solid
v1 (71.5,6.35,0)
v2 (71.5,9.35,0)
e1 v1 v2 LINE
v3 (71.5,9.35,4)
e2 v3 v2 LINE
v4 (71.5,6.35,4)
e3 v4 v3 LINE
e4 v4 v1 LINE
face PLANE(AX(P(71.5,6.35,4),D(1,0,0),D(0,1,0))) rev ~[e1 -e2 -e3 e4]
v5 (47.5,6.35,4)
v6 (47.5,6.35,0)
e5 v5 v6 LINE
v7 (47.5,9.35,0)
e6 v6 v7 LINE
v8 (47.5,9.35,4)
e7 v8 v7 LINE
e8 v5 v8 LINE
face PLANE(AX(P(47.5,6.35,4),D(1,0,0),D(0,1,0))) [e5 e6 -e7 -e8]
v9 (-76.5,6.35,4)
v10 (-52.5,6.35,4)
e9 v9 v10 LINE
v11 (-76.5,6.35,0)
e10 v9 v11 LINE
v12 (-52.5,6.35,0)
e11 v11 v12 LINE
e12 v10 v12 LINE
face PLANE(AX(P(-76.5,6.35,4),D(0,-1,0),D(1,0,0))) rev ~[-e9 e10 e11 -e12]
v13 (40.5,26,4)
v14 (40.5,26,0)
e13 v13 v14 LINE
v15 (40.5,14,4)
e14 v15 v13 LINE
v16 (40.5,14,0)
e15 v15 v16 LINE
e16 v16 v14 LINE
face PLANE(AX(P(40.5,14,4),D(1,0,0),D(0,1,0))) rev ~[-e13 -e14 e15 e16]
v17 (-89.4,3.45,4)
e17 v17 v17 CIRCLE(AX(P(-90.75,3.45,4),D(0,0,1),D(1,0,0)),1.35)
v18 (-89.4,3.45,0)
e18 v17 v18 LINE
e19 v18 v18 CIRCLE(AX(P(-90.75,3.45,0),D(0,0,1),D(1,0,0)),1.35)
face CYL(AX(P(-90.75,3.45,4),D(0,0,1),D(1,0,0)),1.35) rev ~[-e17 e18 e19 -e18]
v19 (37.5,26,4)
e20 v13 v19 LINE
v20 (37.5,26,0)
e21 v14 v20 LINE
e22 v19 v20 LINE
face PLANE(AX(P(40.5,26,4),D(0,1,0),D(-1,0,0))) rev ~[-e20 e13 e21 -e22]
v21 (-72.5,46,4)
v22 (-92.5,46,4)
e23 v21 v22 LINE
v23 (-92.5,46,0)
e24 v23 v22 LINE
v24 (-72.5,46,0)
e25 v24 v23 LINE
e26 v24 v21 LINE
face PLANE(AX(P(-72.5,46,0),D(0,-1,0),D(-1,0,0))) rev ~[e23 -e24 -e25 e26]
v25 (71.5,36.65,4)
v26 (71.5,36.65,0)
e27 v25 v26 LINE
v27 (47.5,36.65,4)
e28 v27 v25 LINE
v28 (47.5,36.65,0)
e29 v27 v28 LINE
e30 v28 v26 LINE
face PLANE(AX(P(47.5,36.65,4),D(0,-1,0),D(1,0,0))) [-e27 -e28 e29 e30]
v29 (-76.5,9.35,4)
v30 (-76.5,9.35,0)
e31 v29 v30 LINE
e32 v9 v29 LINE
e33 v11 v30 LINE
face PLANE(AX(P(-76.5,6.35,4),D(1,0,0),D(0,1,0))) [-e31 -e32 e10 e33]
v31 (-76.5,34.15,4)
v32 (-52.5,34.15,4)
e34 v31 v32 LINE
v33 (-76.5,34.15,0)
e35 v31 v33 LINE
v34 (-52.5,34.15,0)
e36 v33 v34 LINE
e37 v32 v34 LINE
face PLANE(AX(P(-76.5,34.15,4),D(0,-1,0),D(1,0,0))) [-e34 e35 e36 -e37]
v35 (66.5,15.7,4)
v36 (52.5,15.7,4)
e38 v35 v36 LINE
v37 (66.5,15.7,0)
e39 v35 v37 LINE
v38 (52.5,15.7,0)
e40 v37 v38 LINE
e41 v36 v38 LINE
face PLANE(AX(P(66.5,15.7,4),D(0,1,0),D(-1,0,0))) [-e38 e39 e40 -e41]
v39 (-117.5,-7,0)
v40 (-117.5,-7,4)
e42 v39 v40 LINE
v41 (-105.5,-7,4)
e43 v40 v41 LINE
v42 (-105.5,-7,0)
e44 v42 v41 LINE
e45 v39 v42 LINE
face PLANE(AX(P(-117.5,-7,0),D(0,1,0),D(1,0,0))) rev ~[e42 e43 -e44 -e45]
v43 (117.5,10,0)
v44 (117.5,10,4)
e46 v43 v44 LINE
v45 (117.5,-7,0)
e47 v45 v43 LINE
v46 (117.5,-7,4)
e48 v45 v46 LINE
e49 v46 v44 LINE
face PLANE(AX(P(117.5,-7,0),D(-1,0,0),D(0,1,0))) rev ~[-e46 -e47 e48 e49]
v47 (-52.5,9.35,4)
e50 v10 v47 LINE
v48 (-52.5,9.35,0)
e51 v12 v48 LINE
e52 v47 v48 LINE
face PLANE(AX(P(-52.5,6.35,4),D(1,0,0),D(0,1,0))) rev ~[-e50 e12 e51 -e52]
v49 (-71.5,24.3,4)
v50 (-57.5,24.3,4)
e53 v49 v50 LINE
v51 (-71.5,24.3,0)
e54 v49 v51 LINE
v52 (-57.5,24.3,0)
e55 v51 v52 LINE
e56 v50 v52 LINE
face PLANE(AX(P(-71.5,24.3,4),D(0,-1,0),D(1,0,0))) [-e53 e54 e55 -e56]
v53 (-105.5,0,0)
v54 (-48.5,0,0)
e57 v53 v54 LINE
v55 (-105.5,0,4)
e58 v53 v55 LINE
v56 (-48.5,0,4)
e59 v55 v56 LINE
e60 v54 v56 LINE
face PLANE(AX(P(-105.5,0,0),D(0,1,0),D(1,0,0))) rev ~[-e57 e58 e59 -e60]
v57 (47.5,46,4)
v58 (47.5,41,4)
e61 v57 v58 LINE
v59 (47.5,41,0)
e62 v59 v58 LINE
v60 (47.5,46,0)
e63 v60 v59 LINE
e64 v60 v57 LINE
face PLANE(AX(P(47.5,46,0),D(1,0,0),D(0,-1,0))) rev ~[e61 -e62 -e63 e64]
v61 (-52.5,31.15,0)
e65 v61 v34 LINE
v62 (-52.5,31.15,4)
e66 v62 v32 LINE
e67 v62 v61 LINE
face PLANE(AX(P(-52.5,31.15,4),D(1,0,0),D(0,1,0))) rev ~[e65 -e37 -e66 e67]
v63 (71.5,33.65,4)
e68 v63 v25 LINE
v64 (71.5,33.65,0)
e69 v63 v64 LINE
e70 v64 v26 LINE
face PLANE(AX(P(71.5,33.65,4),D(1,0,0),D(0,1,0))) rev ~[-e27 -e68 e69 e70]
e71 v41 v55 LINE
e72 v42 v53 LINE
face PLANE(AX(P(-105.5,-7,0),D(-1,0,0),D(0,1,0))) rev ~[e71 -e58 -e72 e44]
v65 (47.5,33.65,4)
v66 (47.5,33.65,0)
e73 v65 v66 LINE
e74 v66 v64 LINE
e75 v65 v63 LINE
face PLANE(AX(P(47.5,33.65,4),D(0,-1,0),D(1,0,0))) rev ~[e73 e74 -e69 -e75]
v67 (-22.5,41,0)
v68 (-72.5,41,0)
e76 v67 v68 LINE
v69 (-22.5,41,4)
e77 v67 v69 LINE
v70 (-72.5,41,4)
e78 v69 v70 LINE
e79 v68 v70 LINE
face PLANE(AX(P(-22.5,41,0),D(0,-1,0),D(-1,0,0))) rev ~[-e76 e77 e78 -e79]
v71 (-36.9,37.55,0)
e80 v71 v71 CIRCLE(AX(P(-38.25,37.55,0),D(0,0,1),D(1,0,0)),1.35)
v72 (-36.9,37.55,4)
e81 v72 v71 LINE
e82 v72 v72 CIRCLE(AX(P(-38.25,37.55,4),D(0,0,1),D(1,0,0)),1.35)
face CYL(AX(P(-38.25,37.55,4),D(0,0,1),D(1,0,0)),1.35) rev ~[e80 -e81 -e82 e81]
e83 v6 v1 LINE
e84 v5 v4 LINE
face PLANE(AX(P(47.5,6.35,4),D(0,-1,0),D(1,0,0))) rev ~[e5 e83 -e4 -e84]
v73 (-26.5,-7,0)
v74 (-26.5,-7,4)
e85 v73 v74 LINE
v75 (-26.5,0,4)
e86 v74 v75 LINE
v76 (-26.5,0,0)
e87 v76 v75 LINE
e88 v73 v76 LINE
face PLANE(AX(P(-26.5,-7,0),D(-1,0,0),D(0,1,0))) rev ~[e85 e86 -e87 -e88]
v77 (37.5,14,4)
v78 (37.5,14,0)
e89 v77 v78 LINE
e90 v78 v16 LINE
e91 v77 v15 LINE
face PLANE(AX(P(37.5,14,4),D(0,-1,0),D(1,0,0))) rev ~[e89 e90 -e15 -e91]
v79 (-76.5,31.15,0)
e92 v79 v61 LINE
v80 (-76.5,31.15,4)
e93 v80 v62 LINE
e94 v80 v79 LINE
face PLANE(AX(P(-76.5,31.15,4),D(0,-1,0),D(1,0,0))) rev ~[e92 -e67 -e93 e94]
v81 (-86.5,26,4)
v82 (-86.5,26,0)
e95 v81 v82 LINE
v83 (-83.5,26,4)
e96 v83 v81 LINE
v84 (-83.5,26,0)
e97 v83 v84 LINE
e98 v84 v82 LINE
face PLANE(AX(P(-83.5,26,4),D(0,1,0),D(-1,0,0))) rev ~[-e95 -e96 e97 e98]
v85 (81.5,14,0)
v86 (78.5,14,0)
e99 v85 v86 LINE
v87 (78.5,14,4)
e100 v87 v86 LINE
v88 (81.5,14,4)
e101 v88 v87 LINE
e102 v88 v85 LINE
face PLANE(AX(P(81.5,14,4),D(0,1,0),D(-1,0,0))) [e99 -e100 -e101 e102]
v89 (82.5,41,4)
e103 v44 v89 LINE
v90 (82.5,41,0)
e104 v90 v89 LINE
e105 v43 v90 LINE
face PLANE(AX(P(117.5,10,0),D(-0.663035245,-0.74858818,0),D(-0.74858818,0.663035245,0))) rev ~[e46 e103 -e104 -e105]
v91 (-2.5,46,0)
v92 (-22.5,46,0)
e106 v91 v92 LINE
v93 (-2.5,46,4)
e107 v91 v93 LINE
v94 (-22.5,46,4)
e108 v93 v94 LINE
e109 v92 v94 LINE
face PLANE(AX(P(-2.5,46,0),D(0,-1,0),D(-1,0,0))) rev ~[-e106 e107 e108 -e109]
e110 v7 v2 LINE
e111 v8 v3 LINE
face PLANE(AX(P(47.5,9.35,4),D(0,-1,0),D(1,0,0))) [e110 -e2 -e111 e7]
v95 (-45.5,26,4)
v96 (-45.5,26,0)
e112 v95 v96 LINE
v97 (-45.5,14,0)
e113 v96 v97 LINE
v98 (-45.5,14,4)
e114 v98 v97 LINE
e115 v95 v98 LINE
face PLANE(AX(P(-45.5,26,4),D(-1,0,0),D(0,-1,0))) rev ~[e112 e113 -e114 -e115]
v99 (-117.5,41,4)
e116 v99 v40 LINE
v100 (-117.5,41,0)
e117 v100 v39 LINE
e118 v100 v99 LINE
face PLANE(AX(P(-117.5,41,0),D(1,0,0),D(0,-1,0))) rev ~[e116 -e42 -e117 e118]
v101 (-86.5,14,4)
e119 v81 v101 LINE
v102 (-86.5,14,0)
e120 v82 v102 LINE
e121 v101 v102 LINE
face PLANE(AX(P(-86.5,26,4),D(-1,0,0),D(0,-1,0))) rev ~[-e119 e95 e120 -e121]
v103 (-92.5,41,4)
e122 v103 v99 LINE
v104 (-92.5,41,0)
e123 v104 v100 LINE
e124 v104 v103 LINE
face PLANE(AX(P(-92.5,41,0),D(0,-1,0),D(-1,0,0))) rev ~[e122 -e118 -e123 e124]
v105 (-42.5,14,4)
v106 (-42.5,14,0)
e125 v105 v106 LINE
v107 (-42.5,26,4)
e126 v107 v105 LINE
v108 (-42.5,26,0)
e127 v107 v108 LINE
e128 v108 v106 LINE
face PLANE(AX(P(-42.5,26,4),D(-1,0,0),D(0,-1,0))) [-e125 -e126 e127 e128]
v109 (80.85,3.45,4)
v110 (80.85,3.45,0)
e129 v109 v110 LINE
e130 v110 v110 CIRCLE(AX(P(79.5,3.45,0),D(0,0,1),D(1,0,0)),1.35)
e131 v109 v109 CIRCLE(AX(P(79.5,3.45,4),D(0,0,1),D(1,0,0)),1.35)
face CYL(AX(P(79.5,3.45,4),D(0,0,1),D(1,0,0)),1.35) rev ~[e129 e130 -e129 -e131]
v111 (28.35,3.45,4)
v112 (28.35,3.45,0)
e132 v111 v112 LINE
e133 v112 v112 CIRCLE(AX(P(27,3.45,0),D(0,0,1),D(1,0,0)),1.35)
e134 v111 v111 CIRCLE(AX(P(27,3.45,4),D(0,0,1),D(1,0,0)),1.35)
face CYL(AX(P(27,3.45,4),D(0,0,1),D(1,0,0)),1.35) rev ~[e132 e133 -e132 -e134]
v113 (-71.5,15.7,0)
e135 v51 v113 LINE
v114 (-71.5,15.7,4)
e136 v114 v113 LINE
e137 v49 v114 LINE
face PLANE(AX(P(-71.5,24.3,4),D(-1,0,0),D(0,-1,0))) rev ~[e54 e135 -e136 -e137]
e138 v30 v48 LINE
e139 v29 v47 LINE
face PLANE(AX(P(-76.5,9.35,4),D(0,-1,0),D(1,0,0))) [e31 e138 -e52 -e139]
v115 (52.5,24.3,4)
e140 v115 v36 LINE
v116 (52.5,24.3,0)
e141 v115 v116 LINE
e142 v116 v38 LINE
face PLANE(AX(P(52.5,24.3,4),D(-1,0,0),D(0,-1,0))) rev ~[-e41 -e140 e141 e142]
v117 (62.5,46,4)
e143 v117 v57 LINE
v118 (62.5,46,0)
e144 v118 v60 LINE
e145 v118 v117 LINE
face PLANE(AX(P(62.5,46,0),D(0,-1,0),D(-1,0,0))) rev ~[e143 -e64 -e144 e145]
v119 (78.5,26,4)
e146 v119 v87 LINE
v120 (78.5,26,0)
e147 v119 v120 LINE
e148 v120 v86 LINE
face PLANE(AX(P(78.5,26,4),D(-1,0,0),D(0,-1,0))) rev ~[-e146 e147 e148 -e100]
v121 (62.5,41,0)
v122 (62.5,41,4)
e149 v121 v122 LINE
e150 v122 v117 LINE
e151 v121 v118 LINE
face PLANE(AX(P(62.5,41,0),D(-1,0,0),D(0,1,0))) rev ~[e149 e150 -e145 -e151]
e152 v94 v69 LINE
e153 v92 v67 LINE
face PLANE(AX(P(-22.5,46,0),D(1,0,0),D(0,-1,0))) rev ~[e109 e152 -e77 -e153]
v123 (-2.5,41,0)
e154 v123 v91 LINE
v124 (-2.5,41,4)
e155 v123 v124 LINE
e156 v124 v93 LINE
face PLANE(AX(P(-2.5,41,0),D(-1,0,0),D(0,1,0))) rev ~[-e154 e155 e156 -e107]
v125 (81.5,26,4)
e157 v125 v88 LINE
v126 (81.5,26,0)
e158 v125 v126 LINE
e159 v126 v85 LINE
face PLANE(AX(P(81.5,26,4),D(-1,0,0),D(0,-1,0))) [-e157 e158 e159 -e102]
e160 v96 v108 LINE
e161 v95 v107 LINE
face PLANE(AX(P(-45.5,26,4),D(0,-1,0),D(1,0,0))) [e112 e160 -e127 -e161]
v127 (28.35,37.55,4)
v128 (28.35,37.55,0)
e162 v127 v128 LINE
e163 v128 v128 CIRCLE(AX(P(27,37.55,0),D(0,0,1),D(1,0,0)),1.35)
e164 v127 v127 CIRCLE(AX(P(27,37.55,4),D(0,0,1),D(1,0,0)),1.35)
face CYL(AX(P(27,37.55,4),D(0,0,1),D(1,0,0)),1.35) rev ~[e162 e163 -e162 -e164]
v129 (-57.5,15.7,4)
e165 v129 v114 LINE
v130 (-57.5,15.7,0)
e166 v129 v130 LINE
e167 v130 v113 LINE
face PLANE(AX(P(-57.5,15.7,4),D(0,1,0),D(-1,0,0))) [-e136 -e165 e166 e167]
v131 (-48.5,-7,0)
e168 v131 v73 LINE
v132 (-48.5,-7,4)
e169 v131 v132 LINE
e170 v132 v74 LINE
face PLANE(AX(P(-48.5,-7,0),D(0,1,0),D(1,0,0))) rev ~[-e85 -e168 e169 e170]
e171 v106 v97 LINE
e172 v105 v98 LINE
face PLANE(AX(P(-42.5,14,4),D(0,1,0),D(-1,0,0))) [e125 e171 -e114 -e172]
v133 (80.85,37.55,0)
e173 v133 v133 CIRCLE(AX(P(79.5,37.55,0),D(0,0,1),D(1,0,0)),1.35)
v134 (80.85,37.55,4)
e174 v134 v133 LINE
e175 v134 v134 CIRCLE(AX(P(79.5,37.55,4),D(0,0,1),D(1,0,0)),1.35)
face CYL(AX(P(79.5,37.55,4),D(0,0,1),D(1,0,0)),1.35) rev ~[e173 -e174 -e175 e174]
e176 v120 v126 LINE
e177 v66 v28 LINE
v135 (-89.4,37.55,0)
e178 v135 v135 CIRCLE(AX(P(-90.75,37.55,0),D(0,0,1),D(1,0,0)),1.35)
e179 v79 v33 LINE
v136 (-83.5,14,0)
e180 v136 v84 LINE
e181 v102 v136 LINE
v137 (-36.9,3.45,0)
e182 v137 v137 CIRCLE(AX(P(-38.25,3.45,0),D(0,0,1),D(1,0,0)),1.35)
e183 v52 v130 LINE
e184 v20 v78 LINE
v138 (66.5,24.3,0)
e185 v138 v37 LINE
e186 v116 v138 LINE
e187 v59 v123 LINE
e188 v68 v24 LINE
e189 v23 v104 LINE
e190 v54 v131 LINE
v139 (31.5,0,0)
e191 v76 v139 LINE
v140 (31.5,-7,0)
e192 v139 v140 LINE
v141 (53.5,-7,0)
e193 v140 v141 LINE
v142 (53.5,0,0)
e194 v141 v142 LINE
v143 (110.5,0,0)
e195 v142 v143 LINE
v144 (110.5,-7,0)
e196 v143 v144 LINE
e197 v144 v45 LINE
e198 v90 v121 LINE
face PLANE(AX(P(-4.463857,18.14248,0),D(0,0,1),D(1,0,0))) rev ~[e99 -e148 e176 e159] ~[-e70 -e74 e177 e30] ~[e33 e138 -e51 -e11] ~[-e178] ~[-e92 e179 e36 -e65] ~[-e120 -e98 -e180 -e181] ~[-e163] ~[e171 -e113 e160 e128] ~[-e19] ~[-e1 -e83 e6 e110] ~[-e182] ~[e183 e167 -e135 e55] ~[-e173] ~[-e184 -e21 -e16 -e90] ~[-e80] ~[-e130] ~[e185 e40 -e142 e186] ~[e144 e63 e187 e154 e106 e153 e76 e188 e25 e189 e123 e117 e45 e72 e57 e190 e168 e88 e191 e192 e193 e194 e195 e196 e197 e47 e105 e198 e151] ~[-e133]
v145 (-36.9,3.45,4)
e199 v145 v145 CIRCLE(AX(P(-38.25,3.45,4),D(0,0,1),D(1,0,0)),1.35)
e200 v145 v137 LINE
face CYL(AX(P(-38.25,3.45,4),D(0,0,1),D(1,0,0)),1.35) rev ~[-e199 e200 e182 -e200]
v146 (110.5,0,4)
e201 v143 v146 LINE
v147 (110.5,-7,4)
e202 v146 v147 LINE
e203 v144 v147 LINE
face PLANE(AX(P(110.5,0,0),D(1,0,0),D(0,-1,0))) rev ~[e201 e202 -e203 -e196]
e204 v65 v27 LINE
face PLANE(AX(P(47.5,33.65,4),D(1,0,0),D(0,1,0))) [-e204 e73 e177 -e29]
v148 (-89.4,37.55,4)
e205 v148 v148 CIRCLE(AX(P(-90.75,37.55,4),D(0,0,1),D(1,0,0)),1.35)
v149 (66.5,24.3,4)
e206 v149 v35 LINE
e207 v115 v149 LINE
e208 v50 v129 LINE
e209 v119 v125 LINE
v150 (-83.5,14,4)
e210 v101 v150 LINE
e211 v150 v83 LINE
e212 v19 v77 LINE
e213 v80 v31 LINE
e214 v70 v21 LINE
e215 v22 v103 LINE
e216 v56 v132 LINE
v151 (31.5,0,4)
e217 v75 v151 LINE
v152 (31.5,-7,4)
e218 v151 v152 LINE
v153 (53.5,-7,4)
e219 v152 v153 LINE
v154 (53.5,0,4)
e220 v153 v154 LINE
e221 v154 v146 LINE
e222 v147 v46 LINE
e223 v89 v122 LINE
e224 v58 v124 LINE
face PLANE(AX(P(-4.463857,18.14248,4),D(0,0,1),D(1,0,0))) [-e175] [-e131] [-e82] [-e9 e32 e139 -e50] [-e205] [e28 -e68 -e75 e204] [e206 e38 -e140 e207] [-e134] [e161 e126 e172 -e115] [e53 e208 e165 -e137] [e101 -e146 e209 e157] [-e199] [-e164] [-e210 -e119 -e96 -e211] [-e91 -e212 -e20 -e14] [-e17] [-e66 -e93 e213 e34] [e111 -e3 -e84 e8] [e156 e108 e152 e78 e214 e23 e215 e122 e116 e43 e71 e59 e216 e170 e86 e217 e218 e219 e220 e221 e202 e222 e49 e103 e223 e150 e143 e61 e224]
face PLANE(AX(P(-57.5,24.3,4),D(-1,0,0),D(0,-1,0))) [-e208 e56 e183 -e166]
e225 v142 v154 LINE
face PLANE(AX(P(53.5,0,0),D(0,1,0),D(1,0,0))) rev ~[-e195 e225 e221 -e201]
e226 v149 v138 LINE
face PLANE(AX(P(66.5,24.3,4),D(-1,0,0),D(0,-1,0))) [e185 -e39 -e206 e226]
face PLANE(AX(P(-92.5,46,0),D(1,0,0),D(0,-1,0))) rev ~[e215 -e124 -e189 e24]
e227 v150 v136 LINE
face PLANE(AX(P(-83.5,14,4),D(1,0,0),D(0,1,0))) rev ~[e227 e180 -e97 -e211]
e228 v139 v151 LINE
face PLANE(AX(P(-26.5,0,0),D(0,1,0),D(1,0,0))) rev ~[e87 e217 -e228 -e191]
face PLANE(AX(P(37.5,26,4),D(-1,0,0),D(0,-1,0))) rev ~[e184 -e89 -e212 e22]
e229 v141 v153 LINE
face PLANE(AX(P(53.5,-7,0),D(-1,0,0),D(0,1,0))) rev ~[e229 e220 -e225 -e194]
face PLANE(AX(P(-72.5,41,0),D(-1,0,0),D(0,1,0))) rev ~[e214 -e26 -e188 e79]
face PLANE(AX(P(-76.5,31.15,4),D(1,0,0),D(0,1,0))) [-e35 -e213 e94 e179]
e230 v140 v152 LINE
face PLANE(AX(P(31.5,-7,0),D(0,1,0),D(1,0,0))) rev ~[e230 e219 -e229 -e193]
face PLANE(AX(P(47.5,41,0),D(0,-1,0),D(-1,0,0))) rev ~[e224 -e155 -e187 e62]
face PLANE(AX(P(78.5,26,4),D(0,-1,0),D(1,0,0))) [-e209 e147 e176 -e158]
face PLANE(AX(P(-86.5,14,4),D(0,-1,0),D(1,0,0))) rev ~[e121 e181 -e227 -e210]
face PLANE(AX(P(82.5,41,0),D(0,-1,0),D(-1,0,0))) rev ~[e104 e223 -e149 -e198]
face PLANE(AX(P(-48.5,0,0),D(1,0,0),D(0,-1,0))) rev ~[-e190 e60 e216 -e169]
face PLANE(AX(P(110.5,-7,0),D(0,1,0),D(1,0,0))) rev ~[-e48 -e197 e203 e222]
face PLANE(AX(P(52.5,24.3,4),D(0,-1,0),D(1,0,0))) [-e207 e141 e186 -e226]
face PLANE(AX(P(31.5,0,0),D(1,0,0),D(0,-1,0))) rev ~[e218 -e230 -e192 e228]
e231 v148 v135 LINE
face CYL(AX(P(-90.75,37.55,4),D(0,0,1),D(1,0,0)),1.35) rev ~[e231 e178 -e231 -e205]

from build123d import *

# Parameters (mm, degrees)
BOSS_EXTRUDE2_DEPTH = 4
CUT_EXTRUDE1_DEPTH  = 4
SKETCH4_R           = 1.35
CUT_EXTRUDE2_DEPTH  = 4
SKETCH6_W           = 24
SKETCH6_H           = 3
CUT_EXTRUDE3_DEPTH  = 4


with BuildPart() as part:
    # Sketch1 → Boss-Extrude2 (new body)
    with BuildSketch(Plane.XY):
        Polygon((-105.5, 0), (-48.5, 0), (-48.5, -7), (-26.5, -7), (-26.5, 0), (31.5, 0), (31.5, -7), (53.5, -7), (53.5, 0), (110.5, 0), (110.5, -7), (117.5, -7), (117.5, 0), (117.5, 10), (82.5, 41), (62.5, 41), (62.5, 46), (47.5, 46), (47.5, 41), (-2.5, 41), (-2.5, 46), (-22.5, 46), (-22.5, 41), (-72.5, 41), (-72.5, 46), (-92.5, 46), (-92.5, 41), (-117.5, 41), (-117.5, 0), (-117.5, -7), (-105.5, -7), align=None)
    extrude(amount=BOSS_EXTRUDE2_DEPTH)

    # Sketch2 → Cut-Extrude1 (cut)
    with BuildSketch(Plane.XY.offset(4)):
        Polygon((-71.5, 20), (-71.5, 24.3), (-57.5, 24.3), (-57.5, 15.7), (-71.5, 15.7), align=None)
        Polygon((52.5, 20), (52.5, 24.3), (66.5, 24.3), (66.5, 15.7), (52.5, 15.7), align=None)
    extrude(amount=-CUT_EXTRUDE1_DEPTH, mode=Mode.SUBTRACT)

    # Sketch4 → Cut-Extrude2 (cut)
    with BuildSketch(Plane.XY.offset(4)):
        with Locations((-38.25, 37.55)):
            Circle(SKETCH4_R)
        with Locations((-90.75, 37.55)):
            Circle(SKETCH4_R)
        with Locations((-90.75, 3.45)):
            Circle(SKETCH4_R)
        with Locations((-38.25, 3.45)):
            Circle(SKETCH4_R)
        with Locations((27, 37.55)):
            Circle(SKETCH4_R)
        with Locations((79.5, 37.55)):
            Circle(SKETCH4_R)
        with Locations((79.5, 3.45)):
            Circle(SKETCH4_R)
        with Locations((27, 3.45)):
            Circle(SKETCH4_R)
    extrude(amount=-CUT_EXTRUDE2_DEPTH, mode=Mode.SUBTRACT)

    # Sketch6 → Cut-Extrude3 (cut)
    with BuildSketch(Plane.XY.offset(4)):
        with Locations((-64.5, 32.65)):
            Rectangle(SKETCH6_W, SKETCH6_H)
        with Locations((-64.5, 7.85)):
            Rectangle(SKETCH6_W, SKETCH6_H)
        with Locations((59.5, 35.15)):
            Rectangle(SKETCH6_W, SKETCH6_H)
        with Locations((59.5, 7.85)):
            Rectangle(SKETCH6_W, SKETCH6_H)
        Polygon((-83.5, 20), (-83.5, 26), (-86.5, 26), (-86.5, 14), (-83.5, 14), align=None)
        Polygon((-45.5, 20), (-45.5, 26), (-42.5, 26), (-42.5, 14), (-45.5, 14), align=None)
        Polygon((40.5, 20), (40.5, 26), (37.5, 26), (37.5, 14), (40.5, 14), align=None)
        Polygon((78.5, 20), (78.5, 26), (81.5, 26), (81.5, 14), (78.5, 14), align=None)
    extrude(amount=-CUT_EXTRUDE3_DEPTH, mode=Mode.SUBTRACT)


solid = part.part
